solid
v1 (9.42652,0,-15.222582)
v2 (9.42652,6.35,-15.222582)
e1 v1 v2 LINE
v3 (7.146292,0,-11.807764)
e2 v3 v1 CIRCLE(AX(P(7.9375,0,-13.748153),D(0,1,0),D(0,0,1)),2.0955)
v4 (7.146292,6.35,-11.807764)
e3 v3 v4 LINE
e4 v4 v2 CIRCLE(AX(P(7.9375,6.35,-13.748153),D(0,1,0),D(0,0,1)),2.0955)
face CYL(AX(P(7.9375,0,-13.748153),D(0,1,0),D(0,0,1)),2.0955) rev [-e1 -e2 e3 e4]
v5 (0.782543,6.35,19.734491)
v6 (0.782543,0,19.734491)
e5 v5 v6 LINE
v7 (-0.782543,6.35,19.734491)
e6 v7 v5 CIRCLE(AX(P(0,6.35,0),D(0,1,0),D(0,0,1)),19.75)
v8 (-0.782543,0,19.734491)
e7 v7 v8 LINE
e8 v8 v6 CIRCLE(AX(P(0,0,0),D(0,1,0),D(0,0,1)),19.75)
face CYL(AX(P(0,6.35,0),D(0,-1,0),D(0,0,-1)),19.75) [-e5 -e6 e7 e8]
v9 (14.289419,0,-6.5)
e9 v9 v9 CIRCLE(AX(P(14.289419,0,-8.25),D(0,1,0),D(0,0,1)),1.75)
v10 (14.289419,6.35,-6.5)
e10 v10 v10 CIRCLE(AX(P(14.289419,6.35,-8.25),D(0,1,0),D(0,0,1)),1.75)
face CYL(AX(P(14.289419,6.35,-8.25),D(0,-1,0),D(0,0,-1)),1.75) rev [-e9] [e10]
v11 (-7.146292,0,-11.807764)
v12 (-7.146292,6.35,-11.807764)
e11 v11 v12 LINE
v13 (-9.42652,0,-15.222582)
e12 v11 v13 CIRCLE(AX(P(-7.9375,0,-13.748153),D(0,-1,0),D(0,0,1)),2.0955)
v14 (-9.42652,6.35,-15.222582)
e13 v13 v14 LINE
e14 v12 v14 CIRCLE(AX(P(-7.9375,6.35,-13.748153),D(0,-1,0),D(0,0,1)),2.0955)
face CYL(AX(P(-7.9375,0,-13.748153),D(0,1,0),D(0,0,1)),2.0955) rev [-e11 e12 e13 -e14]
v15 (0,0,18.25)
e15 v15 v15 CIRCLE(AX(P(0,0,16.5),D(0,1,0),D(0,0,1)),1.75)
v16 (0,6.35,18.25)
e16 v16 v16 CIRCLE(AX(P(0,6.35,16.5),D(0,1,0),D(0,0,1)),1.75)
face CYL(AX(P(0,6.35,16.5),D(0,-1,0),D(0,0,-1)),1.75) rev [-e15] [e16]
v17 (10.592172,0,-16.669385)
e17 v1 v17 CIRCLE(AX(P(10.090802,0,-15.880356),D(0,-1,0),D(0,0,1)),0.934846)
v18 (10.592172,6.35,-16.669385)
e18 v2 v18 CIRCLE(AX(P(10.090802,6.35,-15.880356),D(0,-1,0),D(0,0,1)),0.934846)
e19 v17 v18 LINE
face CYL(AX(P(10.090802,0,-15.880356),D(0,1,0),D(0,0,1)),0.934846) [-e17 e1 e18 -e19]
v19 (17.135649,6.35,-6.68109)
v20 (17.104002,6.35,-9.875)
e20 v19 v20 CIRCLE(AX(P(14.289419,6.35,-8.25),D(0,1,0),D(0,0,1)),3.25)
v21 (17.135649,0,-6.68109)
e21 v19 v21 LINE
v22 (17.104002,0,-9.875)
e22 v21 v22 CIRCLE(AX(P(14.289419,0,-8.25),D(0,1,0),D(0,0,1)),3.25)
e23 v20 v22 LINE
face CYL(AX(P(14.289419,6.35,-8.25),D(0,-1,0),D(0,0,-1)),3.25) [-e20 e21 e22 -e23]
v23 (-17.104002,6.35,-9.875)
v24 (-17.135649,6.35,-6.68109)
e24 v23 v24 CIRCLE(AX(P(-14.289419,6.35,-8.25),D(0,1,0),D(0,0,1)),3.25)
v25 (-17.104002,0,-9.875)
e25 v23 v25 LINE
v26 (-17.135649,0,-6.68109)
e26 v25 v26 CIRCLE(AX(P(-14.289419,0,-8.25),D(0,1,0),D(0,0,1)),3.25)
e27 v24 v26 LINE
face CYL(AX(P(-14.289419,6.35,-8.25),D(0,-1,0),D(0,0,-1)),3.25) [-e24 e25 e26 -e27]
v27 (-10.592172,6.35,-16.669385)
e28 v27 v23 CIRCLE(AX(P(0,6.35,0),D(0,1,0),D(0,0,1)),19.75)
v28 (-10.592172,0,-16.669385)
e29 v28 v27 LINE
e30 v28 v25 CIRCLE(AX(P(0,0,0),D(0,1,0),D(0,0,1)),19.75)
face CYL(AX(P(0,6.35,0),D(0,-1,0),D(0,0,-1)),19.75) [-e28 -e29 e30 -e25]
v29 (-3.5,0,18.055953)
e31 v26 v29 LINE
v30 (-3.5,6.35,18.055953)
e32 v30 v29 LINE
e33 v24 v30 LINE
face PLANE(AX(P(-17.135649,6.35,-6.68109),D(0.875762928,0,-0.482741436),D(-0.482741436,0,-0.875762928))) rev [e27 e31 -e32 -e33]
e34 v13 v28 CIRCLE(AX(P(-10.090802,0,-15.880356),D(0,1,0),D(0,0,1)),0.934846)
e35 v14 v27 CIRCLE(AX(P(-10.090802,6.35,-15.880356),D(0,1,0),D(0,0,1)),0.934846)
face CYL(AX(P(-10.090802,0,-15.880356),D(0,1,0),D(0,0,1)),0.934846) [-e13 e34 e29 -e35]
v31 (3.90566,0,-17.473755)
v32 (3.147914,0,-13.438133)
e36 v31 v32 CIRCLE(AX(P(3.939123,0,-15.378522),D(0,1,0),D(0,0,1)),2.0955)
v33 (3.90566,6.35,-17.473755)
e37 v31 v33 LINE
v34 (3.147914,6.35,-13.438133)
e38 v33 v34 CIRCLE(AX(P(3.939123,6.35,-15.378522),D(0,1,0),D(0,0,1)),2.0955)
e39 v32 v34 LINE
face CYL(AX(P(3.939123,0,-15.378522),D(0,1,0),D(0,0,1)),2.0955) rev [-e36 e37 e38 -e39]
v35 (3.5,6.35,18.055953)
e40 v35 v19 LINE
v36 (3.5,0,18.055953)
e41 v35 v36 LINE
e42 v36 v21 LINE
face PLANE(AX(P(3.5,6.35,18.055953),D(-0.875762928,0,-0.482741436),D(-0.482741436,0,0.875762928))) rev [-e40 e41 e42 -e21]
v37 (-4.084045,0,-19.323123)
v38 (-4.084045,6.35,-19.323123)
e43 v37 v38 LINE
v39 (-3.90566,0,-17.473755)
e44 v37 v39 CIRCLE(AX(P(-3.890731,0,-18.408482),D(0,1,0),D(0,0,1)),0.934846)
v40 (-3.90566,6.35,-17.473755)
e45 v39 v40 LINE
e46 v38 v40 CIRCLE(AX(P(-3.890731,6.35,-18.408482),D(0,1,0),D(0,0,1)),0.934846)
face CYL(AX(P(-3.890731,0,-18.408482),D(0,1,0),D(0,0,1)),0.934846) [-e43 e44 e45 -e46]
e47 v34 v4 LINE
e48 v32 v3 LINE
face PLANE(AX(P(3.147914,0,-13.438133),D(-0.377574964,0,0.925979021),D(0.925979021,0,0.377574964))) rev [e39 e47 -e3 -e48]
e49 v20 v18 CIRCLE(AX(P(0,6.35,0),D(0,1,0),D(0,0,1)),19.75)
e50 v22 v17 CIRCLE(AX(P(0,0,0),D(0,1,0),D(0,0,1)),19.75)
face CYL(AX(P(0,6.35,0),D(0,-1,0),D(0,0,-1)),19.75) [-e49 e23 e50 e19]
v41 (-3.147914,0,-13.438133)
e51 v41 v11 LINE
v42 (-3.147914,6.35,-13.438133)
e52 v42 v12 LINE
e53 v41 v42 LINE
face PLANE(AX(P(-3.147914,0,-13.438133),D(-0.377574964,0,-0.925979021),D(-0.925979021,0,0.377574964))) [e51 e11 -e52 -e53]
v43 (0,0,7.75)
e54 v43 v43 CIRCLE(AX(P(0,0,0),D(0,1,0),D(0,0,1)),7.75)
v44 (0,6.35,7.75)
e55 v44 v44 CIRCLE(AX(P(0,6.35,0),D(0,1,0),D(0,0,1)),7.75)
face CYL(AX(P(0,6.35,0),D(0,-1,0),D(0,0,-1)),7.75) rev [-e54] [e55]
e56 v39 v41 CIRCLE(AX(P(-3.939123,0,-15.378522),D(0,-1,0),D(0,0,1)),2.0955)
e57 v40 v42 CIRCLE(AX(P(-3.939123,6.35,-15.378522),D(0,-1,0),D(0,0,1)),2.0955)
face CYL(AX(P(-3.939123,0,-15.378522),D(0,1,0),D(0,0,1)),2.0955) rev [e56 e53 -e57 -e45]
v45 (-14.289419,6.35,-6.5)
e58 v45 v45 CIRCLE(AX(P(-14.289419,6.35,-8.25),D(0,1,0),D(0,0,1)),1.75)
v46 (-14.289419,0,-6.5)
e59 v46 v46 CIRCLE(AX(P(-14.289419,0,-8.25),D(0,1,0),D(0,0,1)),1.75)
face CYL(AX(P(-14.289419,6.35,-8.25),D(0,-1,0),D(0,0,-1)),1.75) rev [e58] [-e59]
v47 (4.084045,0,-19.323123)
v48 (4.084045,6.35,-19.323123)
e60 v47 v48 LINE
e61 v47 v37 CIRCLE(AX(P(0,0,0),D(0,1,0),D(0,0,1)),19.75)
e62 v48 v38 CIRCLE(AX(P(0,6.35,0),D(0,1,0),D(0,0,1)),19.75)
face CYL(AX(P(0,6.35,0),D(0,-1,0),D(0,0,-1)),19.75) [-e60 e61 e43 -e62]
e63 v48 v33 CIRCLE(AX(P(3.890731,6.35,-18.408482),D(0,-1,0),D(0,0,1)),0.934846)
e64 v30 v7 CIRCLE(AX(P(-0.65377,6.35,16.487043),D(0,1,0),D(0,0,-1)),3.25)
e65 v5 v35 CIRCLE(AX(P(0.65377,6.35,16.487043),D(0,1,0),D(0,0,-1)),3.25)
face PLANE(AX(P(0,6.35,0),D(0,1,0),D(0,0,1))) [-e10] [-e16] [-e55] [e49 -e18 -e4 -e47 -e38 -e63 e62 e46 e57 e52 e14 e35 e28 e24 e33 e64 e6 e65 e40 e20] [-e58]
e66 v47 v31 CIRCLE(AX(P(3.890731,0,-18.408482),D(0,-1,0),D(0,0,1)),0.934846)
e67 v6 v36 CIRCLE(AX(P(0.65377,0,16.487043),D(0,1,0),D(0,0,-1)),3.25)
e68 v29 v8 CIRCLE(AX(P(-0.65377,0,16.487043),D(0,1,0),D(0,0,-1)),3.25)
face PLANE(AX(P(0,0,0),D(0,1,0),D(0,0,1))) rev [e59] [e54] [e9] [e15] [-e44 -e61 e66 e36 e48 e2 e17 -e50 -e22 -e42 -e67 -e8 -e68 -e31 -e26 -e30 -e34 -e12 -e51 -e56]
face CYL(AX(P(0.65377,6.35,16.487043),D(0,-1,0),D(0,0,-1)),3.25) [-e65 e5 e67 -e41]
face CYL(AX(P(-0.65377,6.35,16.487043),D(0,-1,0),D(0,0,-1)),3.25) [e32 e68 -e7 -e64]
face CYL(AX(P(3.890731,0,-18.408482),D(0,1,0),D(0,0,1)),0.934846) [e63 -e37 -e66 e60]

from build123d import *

# Parameters (mm, degrees)
SKETCH1_R           = 7.75
SKETCH1_R_2         = 1.75
BOSS_EXTRUDE1_DEPTH = 6.35
CUT_EXTRUDE1_DEPTH  = 7.35


with BuildPart() as part:
    # Sketch1 → Boss-Extrude1 (new body)
    with BuildSketch(Plane(origin=(0, 0, 0), x_dir=(1, 0, 0), z_dir=(0, 1, 0))):
        with BuildLine():
            Line((-17.135648679, 6.681090334), (-3.5, -18.055952583))
            ThreePointArc((-3.5, -18.055952583), (-2.361702731, -19.252086758), (-0.782543458, -19.734490765))
            ThreePointArc((-0.782543458, -19.734490765), (0, -19.75), (0.782543458, -19.734490765))
            ThreePointArc((0.782543458, -19.734490765), (2.361702731, -19.252086758), (3.5, -18.055952583))
            Line((3.5, -18.055952583), (17.135648679, 6.681090334))
            ThreePointArc((17.135648679, 6.681090334), (17.539259633, 8.282201146), (17.104001725, 9.875))
            ThreePointArc((17.104001725, 9.875), (0, 19.75), (-17.104001725, 9.875))
            ThreePointArc((-17.104001725, 9.875), (-17.539259633, 8.282201146), (-17.135648679, 6.681090334))
        make_face()
        with Locations(Location((0, 0, 0), (0, 0, 270))):  # turned: the seam where the file's is
            Circle(SKETCH1_R, mode=Mode.SUBTRACT)
        with Locations(Location((-14.289419162, 8.25, 0), (0, 0, 270))):  # turned: the seam where the file's is
            Circle(SKETCH1_R_2, mode=Mode.SUBTRACT)
        with Locations(Location((0, -16.5, 0), (0, 0, 270))):  # turned: the seam where the file's is
            Circle(SKETCH1_R_2, mode=Mode.SUBTRACT)
        with Locations(Location((14.289419162, 8.25, 0), (0, 0, 270))):  # turned: the seam where the file's is
            Circle(SKETCH1_R_2, mode=Mode.SUBTRACT)
    extrude(amount=BOSS_EXTRUDE1_DEPTH)

    # Sketch2 → Cut-Extrude1 (cut, through all)
    with BuildSketch(Plane(origin=(0, 6.35, 0), x_dir=(1, 0, 0), z_dir=(0, 1, 0))):
        with BuildLine():
            Line((3.147914252, 13.43813294), (7.146291664, 11.807764247))
            ThreePointArc((7.146291664, 11.807764247), (9.680193531, 12.584478285), (9.426519569, 15.222582318))
            ThreePointArc((9.426519569, 15.222582318), (9.362829603, 16.466865659), (10.592172309, 16.669384685))
            ThreePointArc((10.592172309, 16.669384685), (7.457105532, 18.288085659), (4.084045388, 19.323122762))
            ThreePointArc((4.084045388, 19.323122762), (4.821258852, 18.318725553), (3.905659686, 17.473754778))
            ThreePointArc((3.905659686, 17.473754778), (1.879612558, 15.765224297), (3.147914252, 13.43813294))
        make_face()
    cut_extrude1 = extrude(amount=-CUT_EXTRUDE1_DEPTH, mode=Mode.SUBTRACT)

    # Mirror1: Cut-Extrude1 across plane
    add(cut_extrude1.mirror(Plane(origin=(0, 0, 0), x_dir=(0, 0, 1), z_dir=(1, 0, 0))), mode=Mode.SUBTRACT)


solid = part.part
